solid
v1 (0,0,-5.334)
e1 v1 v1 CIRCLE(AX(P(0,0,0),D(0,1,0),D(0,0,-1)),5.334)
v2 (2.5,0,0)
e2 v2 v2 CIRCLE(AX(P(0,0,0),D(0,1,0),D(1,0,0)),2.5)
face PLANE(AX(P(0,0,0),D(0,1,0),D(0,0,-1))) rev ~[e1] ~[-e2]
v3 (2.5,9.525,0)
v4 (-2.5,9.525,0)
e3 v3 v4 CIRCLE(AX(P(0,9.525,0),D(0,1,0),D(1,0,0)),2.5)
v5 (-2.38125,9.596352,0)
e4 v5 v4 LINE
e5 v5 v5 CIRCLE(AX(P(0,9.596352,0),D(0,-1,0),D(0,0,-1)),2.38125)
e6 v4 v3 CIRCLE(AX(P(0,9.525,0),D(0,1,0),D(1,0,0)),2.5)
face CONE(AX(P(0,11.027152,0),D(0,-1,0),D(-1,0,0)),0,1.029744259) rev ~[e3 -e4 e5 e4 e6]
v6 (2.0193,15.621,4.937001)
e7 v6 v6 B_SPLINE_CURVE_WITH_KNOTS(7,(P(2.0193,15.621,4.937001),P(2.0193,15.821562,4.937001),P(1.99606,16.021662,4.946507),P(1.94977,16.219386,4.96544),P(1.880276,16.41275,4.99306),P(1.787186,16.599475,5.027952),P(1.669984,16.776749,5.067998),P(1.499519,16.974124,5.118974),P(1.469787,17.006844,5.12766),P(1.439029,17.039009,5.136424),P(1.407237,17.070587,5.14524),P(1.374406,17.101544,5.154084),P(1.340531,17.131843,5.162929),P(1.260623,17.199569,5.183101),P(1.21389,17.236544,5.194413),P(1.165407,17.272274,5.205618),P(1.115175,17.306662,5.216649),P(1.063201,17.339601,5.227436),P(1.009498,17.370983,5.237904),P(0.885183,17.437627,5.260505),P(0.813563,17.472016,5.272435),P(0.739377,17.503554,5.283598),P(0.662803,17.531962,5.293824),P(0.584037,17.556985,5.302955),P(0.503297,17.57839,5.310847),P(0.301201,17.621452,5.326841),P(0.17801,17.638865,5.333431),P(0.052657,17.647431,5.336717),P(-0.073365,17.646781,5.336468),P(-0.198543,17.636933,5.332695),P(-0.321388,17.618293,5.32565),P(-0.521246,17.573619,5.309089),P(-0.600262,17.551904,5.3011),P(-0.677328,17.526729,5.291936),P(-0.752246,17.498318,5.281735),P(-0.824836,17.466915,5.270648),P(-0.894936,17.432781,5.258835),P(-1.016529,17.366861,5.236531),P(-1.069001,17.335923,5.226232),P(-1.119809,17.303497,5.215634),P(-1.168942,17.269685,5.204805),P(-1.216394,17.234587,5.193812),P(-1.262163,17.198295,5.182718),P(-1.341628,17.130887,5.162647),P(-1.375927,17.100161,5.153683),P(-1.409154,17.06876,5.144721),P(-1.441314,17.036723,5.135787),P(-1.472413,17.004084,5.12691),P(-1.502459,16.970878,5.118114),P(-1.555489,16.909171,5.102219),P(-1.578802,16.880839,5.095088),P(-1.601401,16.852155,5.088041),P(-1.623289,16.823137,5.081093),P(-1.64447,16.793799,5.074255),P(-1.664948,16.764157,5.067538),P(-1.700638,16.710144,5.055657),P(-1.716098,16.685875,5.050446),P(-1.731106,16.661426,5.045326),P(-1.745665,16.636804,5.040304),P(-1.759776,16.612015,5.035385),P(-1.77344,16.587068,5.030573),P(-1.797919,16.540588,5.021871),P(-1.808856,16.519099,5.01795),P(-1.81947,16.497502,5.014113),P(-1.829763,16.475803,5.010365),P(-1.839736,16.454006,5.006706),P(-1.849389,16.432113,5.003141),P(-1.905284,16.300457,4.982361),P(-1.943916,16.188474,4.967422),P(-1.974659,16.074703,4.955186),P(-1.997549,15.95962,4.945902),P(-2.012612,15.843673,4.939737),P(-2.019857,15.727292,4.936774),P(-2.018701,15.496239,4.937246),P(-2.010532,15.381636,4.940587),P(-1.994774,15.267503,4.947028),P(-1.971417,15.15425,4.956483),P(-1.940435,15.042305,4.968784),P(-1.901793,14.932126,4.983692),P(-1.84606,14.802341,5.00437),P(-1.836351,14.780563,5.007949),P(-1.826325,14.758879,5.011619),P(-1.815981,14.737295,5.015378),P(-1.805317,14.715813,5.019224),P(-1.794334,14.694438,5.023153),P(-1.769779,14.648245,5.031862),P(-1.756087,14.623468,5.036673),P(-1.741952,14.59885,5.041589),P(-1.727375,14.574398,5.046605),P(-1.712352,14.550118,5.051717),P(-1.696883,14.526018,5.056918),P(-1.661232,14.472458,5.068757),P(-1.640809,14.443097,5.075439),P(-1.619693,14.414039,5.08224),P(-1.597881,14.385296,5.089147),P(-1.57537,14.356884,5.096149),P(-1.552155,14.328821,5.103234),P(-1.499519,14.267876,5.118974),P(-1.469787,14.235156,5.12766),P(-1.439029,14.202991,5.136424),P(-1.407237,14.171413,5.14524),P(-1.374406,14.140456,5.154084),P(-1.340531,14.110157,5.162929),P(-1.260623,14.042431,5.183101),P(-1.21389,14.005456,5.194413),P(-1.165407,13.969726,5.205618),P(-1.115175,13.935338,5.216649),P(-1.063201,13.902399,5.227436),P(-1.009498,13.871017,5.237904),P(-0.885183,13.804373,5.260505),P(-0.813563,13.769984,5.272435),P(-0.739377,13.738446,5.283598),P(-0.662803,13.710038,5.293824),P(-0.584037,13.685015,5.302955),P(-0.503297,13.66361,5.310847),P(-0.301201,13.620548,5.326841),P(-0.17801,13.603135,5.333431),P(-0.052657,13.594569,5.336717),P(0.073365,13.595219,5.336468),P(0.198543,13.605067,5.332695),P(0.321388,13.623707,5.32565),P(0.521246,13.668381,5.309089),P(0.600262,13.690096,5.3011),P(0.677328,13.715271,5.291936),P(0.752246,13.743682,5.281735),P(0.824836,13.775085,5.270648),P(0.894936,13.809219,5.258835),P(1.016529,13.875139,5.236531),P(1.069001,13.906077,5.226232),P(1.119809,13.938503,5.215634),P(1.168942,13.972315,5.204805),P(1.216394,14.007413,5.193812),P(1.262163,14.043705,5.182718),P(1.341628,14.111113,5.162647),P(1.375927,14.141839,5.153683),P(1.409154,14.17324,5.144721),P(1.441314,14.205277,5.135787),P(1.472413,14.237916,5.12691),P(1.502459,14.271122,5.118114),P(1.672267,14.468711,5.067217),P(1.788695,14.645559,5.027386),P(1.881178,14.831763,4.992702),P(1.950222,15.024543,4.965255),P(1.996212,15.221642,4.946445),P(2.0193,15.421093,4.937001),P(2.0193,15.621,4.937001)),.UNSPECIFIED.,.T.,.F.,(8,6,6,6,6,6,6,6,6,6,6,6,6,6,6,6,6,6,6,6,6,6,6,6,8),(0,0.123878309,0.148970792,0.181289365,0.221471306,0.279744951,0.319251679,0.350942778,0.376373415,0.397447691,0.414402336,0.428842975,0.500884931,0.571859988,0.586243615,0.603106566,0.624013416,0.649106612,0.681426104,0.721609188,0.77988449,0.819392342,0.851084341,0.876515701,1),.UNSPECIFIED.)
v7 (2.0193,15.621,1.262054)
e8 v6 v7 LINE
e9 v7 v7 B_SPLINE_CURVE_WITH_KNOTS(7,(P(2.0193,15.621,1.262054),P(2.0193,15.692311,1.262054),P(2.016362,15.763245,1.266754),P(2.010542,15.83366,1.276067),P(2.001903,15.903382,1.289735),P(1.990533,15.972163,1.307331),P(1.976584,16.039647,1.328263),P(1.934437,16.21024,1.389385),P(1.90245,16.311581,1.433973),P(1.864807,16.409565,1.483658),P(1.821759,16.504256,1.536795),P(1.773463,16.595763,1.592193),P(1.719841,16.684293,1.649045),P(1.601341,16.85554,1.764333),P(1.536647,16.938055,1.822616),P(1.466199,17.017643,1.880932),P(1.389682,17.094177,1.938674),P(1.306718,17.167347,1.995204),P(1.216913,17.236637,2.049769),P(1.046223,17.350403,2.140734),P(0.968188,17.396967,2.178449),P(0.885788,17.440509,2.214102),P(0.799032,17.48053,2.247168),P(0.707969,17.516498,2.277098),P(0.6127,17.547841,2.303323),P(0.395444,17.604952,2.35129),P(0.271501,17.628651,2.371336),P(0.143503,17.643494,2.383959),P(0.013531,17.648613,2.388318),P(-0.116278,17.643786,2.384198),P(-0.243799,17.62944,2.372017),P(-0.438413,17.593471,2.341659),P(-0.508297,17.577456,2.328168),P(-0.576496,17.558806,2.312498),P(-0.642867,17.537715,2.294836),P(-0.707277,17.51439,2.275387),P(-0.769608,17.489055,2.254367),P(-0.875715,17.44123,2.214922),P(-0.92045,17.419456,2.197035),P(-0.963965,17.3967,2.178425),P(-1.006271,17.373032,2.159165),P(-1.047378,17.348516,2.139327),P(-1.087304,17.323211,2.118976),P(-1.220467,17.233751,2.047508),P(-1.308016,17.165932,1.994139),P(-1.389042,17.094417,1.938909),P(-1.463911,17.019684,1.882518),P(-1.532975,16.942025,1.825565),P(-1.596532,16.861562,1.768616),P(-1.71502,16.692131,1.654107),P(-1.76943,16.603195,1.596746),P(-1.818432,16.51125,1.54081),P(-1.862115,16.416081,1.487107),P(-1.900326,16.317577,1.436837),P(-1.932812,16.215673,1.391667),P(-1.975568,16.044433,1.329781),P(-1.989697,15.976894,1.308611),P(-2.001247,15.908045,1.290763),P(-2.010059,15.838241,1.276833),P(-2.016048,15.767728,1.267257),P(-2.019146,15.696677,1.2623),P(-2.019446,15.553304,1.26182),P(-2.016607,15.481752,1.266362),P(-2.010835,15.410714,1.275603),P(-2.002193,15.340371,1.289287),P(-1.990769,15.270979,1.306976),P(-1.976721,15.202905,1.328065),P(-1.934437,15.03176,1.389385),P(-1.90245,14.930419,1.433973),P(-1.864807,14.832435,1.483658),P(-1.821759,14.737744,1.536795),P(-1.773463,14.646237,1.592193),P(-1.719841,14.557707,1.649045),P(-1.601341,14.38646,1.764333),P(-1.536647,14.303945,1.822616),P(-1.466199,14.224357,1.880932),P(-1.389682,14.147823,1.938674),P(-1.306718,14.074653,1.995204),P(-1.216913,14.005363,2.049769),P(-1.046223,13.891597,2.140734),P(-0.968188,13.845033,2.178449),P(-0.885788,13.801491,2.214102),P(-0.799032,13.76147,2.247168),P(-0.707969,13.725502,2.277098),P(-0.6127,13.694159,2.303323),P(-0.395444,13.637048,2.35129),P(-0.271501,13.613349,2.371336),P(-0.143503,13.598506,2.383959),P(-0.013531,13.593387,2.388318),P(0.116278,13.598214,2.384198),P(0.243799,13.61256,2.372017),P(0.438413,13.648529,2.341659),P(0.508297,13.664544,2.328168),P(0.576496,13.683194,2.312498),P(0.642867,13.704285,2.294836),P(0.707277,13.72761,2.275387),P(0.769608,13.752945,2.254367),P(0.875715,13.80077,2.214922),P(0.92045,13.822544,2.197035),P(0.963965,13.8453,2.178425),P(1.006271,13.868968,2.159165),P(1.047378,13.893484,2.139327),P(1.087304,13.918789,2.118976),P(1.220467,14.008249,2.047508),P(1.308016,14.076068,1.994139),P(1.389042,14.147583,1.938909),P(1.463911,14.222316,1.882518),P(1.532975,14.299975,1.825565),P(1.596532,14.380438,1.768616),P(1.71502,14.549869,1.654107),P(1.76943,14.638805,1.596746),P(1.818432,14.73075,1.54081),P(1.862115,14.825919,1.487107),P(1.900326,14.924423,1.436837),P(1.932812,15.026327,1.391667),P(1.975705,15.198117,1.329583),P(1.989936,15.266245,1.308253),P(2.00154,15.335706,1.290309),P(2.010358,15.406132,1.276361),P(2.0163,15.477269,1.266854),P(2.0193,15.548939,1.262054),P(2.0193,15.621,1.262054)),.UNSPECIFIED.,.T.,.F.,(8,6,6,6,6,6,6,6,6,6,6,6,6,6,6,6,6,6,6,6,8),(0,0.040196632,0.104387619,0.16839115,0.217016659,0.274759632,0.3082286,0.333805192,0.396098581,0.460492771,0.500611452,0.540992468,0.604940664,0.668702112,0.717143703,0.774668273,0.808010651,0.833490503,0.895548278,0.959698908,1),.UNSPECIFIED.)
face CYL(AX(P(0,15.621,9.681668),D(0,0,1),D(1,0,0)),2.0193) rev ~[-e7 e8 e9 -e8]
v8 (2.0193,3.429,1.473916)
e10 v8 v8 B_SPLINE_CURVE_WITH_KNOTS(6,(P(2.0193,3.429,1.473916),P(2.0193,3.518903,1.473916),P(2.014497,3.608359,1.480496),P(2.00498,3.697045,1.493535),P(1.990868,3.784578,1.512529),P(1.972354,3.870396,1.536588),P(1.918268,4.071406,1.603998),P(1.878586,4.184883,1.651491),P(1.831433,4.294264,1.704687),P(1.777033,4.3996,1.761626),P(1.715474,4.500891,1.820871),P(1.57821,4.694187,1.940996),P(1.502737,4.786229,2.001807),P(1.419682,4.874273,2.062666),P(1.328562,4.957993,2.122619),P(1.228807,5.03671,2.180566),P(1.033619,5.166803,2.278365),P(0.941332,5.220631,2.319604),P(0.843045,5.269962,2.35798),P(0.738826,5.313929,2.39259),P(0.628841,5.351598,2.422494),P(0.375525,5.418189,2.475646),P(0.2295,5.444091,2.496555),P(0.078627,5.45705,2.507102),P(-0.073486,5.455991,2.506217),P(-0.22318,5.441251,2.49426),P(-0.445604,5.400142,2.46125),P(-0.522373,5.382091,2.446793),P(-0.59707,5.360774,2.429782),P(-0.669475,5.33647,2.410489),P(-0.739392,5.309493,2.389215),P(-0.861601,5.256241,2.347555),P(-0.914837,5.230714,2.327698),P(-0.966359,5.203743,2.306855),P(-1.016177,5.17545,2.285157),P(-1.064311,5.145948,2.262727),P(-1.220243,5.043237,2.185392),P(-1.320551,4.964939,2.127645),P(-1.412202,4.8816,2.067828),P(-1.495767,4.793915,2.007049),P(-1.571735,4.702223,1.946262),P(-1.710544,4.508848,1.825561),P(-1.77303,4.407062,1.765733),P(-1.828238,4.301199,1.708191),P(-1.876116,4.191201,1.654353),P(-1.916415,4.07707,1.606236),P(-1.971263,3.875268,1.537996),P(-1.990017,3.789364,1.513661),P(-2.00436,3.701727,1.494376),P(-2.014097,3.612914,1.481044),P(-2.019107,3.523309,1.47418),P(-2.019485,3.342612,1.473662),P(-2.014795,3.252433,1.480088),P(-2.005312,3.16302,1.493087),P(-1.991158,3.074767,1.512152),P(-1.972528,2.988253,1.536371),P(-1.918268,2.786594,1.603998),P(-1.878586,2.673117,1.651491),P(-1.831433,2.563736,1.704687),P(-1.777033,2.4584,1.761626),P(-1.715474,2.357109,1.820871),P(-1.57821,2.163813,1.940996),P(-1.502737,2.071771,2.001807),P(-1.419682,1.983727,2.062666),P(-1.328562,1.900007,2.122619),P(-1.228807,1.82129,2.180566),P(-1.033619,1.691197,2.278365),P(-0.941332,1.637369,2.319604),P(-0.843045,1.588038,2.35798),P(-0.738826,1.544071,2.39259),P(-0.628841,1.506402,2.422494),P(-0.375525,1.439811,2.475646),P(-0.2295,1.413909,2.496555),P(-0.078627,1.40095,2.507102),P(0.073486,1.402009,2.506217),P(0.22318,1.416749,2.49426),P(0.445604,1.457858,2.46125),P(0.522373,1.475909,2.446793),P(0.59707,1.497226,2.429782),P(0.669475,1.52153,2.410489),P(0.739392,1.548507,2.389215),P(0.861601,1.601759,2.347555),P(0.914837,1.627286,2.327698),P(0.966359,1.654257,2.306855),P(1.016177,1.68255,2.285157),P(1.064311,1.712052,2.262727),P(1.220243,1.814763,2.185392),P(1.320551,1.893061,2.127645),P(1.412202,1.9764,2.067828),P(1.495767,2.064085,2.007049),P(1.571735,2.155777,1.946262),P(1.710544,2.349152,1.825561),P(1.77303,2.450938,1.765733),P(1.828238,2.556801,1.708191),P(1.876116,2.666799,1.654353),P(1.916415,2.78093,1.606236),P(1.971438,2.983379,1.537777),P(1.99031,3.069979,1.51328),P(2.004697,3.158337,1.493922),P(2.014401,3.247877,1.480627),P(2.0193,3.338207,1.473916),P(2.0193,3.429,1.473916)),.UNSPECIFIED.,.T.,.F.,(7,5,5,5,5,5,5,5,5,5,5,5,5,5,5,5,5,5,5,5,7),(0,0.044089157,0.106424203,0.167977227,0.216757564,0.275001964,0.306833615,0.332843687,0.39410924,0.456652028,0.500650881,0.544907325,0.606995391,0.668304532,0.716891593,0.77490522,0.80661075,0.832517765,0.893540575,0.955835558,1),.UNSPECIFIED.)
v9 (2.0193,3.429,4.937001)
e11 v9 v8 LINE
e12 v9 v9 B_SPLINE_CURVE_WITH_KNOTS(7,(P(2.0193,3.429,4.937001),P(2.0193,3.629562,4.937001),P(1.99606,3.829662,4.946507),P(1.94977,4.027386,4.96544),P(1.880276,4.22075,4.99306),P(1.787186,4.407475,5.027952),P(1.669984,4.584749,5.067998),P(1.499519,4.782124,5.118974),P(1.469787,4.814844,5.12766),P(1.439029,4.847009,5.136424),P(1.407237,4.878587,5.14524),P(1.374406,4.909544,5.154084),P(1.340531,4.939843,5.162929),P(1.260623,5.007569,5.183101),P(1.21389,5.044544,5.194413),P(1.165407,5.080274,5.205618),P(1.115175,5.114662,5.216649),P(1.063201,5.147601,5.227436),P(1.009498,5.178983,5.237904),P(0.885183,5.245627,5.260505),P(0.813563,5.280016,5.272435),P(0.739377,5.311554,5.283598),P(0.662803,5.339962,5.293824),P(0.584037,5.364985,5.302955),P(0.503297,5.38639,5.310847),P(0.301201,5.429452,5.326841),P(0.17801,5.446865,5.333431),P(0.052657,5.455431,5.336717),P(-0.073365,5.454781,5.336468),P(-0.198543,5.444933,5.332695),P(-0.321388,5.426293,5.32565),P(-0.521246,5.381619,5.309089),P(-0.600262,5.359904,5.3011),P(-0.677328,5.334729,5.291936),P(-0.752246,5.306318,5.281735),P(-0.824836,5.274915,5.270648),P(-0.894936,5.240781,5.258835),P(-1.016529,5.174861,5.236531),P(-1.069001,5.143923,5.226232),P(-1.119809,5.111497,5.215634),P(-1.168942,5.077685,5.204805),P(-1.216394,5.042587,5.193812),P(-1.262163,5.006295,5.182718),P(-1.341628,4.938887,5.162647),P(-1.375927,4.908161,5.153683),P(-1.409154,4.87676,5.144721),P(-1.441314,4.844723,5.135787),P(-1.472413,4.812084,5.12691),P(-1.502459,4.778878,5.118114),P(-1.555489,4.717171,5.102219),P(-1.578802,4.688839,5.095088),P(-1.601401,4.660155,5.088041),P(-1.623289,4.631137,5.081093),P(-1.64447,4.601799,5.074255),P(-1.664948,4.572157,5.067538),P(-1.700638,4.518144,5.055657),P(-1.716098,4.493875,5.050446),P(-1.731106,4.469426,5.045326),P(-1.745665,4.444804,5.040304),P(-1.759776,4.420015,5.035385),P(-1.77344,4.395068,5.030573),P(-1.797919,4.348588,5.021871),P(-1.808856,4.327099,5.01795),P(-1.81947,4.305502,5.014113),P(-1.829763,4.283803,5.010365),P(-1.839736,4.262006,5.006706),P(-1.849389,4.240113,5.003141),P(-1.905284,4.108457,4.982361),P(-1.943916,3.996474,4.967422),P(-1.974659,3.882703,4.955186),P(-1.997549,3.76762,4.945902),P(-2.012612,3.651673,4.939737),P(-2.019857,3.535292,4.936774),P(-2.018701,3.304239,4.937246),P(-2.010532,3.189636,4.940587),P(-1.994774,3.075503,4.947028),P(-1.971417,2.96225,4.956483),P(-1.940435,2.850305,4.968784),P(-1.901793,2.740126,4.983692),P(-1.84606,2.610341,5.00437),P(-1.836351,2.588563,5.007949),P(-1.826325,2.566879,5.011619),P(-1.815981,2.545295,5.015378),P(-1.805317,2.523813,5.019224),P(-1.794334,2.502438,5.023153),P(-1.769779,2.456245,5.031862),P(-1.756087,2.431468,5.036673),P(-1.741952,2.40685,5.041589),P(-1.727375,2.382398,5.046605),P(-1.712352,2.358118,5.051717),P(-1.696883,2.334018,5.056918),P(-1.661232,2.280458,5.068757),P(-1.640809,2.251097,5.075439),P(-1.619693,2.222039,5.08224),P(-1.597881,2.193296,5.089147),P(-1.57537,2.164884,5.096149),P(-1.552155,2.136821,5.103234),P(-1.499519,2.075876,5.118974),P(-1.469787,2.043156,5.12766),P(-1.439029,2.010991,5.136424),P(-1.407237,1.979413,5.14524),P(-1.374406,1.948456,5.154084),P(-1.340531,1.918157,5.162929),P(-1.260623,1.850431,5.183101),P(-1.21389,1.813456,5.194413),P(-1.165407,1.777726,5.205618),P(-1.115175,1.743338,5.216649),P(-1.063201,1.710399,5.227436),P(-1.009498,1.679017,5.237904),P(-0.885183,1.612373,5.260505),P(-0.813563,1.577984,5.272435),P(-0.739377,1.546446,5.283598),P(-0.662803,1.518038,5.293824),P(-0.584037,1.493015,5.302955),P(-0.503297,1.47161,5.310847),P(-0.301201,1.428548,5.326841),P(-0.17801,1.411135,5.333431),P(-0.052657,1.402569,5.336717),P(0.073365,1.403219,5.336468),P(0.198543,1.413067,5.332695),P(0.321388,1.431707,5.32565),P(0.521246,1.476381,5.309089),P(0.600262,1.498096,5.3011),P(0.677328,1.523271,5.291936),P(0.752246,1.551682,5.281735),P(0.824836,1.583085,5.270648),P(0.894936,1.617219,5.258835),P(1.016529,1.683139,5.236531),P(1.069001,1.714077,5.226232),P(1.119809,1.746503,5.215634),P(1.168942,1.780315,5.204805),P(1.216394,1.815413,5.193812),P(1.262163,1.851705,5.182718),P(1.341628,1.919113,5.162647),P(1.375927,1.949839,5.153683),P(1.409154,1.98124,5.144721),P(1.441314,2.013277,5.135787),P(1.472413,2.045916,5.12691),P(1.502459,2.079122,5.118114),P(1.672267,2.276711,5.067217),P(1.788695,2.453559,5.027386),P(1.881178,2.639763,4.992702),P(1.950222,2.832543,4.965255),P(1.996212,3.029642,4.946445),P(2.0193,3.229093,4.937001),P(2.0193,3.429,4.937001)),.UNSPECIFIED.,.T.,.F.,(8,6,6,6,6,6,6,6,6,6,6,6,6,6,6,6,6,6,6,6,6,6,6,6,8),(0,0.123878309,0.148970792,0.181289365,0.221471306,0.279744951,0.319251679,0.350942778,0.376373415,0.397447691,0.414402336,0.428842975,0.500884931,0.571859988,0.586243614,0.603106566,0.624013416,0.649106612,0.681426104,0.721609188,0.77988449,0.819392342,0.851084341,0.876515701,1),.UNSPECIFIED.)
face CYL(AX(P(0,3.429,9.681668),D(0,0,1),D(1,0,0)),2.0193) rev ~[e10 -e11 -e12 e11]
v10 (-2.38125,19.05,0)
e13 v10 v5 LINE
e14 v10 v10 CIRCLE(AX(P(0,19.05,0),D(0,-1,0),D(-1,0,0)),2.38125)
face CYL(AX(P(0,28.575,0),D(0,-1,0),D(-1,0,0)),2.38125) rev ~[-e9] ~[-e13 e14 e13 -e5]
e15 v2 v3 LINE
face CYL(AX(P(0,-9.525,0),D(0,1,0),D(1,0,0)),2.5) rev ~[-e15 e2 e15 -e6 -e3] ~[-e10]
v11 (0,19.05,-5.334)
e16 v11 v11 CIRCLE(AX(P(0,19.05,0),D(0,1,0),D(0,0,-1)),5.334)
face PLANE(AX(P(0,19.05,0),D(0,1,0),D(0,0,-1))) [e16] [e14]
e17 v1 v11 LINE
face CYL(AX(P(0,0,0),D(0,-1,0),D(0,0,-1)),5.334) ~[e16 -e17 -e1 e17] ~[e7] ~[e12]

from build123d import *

# Parameters (mm, degrees)
SKETCH1_R                       = 5.334
BOSS_EXTRUDE1_DEPTH             = 19.05
F_3_16_0_1875_DOWEL_HOLE2_D     = 4.7625
F_3_16_0_1875_DOWEL_HOLE2_DEPTH = 9.525
F_3_16_0_1875_DOWEL_HOLE2_TIP   = 1.430799349
F_5_0MM_DOWEL_HOLE2_D           = 5
F_5_0MM_DOWEL_HOLE2_DEPTH       = 9.525
F_5_0MM_DOWEL_HOLE2_TIP         = 1.502151548
F_10_32_TAPPED_HOLE1_REACH      = 26.836
F_10_32_TAPPED_HOLE1_BORE_R     = 2.0193


with BuildPart() as part:
    # Sketch1 → Boss-Extrude1 (new body)
    with BuildSketch(Plane(origin=(0, 0, 0), x_dir=(1, 0, 0), z_dir=(0, 1, 0))):
        with Locations(Location((0, 0, 0), (0, 0, 90))):
            Circle(SKETCH1_R)
    extrude(amount=BOSS_EXTRUDE1_DEPTH)

    # 3/16 (0.1875) Dowel Hole2
    with Locations(Plane(origin=(0, 19.05, 0), x_dir=(1, 0, 0), z_dir=(0, 1, 0))):
        with Locations((0, 0)):
            Hole(F_3_16_0_1875_DOWEL_HOLE2_D / 2, depth=F_3_16_0_1875_DOWEL_HOLE2_DEPTH)
            with Locations((0, 0, -(F_3_16_0_1875_DOWEL_HOLE2_DEPTH + F_3_16_0_1875_DOWEL_HOLE2_TIP / 2))):  # 118° drill point
                Cone(0, F_3_16_0_1875_DOWEL_HOLE2_D / 2, F_3_16_0_1875_DOWEL_HOLE2_TIP, mode=Mode.SUBTRACT)

    # Ø5.0mm Dowel Hole2
    with Locations(Plane(origin=(0, 0, 0), x_dir=(-1, 0, 0), z_dir=(0, -1, 0))):
        with Locations((0, 0)):
            Hole(F_5_0MM_DOWEL_HOLE2_D / 2, depth=F_5_0MM_DOWEL_HOLE2_DEPTH)
            with Locations((0, 0, -(F_5_0MM_DOWEL_HOLE2_DEPTH + F_5_0MM_DOWEL_HOLE2_TIP / 2))):  # 118° drill point
                Cone(0, F_5_0MM_DOWEL_HOLE2_D / 2, F_5_0MM_DOWEL_HOLE2_TIP, mode=Mode.SUBTRACT)

    # #10-32 Tapped Hole1 bore → #10-32 Tapped Hole1 (cut, up to next)
    with BuildSketch(Plane.XY.offset(9.681668378), mode=Mode.PRIVATE) as f_10_32_tapped_hole1_sk1:
        with Locations((0, 15.621)):
            Circle(F_10_32_TAPPED_HOLE1_BORE_R)
    f_10_32_tapped_hole1_tool1 = extrude(f_10_32_tapped_hole1_sk1.sketch, amount=-F_10_32_TAPPED_HOLE1_REACH, mode=Mode.PRIVATE) & part.part
    # #10-32 Tapped Hole1 bore → #10-32 Tapped Hole1 (cut, up to next)
    with BuildSketch(Plane.XY.offset(9.681668378), mode=Mode.PRIVATE) as f_10_32_tapped_hole1_sk2:
        with Locations((0, 3.429)):
            Circle(F_10_32_TAPPED_HOLE1_BORE_R)
    f_10_32_tapped_hole1_tool2 = extrude(f_10_32_tapped_hole1_sk2.sketch, amount=-F_10_32_TAPPED_HOLE1_REACH, mode=Mode.PRIVATE) & part.part
    add(f_10_32_tapped_hole1_tool1.solids().sort_by_distance((0, 15.621, 9.681668))[0], mode=Mode.SUBTRACT)
    add(f_10_32_tapped_hole1_tool2.solids().sort_by_distance((0, 3.429, 9.681668))[0], mode=Mode.SUBTRACT)


solid = part.part
